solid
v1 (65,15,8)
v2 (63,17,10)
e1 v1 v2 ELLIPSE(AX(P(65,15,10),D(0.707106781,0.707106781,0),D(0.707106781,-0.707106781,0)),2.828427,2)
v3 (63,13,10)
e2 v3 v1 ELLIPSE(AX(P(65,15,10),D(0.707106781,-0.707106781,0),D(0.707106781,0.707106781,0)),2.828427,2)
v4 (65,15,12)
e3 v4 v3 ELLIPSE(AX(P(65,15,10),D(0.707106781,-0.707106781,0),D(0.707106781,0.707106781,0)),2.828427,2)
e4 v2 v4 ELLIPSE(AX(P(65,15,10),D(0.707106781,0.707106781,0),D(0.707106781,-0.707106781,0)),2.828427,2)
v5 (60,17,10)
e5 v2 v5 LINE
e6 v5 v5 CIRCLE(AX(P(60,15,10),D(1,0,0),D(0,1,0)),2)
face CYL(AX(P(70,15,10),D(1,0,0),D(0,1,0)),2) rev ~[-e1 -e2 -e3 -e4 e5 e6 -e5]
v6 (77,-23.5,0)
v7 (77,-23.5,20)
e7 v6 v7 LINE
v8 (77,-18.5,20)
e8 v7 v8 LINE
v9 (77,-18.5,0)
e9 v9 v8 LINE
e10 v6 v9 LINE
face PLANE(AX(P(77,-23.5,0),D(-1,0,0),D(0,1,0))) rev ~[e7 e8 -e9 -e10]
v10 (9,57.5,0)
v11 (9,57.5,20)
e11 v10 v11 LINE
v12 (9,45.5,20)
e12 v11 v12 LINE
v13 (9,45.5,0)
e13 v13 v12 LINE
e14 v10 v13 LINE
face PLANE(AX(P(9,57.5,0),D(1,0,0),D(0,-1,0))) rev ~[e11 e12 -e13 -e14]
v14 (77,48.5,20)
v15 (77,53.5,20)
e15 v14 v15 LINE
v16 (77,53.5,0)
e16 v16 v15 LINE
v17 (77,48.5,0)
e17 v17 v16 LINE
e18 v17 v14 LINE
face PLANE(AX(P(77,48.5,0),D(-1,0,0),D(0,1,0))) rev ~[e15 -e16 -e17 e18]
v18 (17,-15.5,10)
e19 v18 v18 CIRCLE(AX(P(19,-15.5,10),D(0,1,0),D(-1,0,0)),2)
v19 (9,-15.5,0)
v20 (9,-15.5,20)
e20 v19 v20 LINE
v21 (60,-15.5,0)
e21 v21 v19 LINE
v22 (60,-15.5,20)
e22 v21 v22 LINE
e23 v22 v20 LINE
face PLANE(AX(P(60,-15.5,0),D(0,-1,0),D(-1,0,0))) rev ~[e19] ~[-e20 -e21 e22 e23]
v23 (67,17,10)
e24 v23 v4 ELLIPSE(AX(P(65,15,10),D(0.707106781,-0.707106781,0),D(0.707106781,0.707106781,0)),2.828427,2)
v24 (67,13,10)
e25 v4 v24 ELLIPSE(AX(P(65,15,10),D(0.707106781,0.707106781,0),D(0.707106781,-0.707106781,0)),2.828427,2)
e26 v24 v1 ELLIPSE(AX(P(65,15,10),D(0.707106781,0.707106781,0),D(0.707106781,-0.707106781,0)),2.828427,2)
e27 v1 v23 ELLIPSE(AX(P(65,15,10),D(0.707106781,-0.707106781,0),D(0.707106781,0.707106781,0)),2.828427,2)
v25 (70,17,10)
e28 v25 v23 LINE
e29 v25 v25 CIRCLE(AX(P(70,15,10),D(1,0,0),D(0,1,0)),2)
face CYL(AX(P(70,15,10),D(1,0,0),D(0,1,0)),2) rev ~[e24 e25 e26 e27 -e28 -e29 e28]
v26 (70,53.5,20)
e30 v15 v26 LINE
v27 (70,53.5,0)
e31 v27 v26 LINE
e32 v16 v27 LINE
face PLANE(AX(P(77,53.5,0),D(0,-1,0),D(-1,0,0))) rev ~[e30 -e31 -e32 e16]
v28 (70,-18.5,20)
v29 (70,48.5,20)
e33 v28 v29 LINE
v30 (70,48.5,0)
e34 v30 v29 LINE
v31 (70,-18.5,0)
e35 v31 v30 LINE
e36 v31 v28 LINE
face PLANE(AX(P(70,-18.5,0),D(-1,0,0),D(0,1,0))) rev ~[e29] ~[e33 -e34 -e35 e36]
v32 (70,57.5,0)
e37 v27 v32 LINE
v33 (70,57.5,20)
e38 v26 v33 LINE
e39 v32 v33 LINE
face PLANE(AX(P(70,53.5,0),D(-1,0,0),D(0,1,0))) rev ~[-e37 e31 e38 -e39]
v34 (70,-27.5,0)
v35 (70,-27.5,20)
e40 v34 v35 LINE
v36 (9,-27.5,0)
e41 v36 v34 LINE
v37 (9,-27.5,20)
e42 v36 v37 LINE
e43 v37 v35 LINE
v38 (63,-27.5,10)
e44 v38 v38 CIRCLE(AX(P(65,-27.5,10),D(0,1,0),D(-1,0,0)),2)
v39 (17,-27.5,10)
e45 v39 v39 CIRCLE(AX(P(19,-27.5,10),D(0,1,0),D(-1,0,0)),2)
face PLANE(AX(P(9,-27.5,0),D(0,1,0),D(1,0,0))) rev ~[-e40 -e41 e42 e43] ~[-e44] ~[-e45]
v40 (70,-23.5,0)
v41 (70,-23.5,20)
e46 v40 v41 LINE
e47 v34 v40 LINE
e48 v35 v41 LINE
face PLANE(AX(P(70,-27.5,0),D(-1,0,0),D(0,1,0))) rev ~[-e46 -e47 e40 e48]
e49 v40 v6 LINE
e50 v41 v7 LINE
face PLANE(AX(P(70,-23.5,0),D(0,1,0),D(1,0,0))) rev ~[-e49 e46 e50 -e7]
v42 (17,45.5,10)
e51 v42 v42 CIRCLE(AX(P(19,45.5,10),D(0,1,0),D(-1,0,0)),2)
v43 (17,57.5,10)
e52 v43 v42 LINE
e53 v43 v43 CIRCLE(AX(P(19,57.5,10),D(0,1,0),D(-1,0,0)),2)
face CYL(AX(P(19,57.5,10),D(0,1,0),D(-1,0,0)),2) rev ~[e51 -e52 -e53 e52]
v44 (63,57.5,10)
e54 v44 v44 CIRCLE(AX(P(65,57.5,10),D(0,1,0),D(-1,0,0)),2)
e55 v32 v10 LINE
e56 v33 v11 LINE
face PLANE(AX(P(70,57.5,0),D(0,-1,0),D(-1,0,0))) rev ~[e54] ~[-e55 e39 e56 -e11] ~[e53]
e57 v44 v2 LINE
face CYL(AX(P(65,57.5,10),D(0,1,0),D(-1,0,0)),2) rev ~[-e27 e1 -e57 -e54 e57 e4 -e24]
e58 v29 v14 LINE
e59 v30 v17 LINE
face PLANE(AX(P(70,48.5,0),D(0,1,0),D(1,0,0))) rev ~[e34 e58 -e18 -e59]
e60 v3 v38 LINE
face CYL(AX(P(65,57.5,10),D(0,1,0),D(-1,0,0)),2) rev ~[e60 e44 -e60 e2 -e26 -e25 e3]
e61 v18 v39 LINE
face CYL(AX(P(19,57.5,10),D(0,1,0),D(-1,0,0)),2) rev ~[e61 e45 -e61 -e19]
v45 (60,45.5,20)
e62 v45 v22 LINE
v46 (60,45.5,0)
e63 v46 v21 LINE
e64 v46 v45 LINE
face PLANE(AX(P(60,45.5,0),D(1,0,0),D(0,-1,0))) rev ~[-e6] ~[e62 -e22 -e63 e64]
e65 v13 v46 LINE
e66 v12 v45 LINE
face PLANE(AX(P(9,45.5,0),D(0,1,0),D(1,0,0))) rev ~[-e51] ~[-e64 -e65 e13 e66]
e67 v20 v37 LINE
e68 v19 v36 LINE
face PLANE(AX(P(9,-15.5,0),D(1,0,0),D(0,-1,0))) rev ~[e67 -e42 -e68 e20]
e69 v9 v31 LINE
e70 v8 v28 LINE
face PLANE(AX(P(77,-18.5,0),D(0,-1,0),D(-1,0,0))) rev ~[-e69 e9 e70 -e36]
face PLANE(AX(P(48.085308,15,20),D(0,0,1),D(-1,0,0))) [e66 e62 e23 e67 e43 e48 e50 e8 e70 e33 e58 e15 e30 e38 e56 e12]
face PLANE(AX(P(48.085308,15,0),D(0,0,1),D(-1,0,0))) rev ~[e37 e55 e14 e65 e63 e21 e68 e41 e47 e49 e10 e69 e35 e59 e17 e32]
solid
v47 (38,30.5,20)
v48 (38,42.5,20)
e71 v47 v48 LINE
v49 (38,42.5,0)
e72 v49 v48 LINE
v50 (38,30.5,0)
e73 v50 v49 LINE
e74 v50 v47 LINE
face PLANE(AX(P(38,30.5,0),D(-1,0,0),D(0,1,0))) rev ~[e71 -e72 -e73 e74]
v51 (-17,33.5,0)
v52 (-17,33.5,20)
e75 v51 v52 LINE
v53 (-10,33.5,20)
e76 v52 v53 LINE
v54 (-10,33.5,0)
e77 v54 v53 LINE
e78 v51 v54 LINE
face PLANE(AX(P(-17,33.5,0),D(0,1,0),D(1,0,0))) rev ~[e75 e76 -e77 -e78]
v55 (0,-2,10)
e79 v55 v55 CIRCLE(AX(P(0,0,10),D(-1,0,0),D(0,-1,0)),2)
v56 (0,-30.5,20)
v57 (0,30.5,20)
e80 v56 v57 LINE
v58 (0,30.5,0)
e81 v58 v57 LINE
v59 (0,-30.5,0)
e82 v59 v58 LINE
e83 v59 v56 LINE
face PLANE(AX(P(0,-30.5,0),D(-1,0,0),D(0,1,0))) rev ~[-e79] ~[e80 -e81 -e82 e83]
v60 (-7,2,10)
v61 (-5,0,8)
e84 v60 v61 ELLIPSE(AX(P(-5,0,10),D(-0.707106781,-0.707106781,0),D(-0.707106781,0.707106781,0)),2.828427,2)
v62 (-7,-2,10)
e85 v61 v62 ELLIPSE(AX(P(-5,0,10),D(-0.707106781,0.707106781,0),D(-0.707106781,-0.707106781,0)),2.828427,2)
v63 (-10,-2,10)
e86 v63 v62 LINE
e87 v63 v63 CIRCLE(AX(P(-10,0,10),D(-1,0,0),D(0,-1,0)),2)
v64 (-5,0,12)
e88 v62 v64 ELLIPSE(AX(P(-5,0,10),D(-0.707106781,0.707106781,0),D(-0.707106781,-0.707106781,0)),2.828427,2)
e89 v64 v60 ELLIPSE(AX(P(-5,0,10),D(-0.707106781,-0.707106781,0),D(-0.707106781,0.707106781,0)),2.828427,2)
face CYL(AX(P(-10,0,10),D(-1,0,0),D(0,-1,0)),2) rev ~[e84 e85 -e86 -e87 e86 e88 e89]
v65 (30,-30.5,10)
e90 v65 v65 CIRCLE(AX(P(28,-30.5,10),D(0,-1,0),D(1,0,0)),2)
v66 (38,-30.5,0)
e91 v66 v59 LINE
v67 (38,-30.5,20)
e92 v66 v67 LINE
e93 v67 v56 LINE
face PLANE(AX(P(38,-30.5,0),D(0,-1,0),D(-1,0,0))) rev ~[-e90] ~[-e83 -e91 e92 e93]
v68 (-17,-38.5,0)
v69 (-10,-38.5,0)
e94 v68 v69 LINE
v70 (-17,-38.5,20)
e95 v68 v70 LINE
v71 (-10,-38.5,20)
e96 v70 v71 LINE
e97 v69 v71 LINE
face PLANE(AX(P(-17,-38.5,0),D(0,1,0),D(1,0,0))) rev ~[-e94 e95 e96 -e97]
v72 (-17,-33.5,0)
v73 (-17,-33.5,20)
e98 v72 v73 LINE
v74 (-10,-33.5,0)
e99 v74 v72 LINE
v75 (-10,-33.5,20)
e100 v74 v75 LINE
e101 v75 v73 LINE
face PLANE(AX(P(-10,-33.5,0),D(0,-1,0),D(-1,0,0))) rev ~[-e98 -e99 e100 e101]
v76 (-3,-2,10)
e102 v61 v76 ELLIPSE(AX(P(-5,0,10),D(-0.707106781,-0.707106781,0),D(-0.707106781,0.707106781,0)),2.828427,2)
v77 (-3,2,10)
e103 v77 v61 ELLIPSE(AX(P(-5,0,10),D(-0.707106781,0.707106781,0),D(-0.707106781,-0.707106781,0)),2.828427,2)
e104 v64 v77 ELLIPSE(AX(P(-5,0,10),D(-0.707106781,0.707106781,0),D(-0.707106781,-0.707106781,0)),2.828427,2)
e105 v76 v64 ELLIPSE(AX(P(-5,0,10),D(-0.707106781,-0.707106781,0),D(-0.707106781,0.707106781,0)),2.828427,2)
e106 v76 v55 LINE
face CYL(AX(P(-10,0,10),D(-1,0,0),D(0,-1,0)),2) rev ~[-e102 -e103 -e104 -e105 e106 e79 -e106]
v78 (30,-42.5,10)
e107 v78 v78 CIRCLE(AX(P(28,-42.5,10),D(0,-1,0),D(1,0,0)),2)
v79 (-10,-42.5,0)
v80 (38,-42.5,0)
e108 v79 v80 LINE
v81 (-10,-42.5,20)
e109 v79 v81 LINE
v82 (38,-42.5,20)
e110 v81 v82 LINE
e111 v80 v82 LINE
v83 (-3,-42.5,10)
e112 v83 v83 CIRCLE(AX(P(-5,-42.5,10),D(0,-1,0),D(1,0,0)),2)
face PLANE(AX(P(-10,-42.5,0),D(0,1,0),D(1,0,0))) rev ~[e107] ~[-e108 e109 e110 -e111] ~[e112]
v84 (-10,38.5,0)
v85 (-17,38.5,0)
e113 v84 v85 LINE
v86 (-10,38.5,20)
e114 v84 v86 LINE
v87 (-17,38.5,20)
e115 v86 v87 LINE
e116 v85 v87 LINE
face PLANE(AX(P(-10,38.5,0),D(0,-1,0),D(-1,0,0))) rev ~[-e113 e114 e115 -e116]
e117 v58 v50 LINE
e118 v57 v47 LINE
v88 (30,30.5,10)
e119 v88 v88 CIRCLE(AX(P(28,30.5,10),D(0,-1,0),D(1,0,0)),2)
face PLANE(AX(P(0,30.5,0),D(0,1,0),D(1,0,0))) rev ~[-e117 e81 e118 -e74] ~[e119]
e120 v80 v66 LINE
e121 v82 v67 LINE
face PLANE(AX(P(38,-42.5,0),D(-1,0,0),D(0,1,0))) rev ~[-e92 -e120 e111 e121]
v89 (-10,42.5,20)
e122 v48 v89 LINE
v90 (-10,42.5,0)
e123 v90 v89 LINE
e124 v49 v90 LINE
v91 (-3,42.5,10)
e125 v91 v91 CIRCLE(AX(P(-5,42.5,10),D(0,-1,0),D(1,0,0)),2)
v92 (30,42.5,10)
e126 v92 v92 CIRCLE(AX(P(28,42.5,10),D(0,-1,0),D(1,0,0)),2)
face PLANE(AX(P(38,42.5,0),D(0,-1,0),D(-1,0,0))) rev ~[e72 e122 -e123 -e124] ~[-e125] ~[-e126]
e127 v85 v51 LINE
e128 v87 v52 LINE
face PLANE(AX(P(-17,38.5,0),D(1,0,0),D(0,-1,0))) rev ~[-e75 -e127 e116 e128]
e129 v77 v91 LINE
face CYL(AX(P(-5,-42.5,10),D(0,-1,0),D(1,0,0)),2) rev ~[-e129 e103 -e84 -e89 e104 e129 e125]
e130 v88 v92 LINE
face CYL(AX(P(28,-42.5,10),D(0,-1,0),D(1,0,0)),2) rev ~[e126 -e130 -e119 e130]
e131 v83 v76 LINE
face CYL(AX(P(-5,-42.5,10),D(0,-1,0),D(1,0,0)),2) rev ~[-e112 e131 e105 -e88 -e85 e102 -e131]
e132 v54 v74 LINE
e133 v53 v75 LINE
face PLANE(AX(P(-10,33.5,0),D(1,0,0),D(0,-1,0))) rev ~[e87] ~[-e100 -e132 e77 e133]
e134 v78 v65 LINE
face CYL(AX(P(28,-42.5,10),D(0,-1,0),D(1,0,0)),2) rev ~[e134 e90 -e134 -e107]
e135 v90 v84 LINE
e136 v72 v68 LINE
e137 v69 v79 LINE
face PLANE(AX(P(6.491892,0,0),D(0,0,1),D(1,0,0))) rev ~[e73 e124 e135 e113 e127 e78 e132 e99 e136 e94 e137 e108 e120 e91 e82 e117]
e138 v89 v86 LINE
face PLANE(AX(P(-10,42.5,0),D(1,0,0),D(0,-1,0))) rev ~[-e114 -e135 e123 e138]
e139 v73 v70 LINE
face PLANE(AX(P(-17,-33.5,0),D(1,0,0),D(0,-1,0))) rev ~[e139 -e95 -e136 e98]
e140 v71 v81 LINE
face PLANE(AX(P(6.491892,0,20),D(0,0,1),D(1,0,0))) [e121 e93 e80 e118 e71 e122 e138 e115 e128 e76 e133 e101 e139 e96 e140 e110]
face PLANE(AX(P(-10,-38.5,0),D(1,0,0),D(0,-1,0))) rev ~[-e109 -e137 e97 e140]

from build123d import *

# Parameters (mm, degrees)
PAD_DEPTH       = 20
SKETCH004_R     = 2
POCKET002_DEPTH = 48.001
SKETCH005_R     = 2
POCKET003_DEPTH = 85.001
PAD001_DEPTH    = 20
SKETCH007_R     = 2
POCKET004_DEPTH = 61.001
SKETCH008_R     = 2
POCKET005_DEPTH = 85.001


with BuildPart() as soporte_agujero_superior_lateral:
    # Sketch → Pad (new body)
    with BuildSketch(Plane.XY):
        Polygon((-10, -42.5), (38, -42.5), (38, -30.5), (0, -30.5), (0, 30.5), (38, 30.5), (38, 42.5), (-10, 42.5), (-10, 38.5), (-17, 38.5), (-17, 33.5), (-10, 33.5), (-10, -33.5), (-17, -33.5), (-17, -38.5), (-10, -38.5), align=None)
    extrude(amount=PAD_DEPTH)

    # Sketch004 → Pocket002 (cut, through all)
    with BuildSketch(Plane(origin=(-10, 0, 0), x_dir=(0, -1, 0), z_dir=(-1, 0, 0))):
        with Locations((0, 10)):
            Circle(SKETCH004_R)
    extrude(amount=-POCKET002_DEPTH, mode=Mode.SUBTRACT)

    # Sketch005 → Pocket003 (cut, through all)
    with BuildSketch(Plane.XZ.offset(42.5)):
        with Locations((-5, 10)):
            Circle(SKETCH005_R)
        with Locations((28, 10)):
            Circle(SKETCH005_R)
    extrude(amount=-POCKET003_DEPTH, mode=Mode.SUBTRACT)


with BuildPart() as soporte_agujero_superior_lateral001:
    # Sketch006 → Pad001 (new body)
    with BuildSketch(Plane(origin=(60, 15, 0), x_dir=(-1, 0, 0), z_dir=(0, 0, 1))):
        Polygon((-10, -42.5), (51, -42.5), (51, -30.5), (0, -30.5), (0, 30.5), (51, 30.5), (51, 42.5), (-10, 42.5), (-10, 38.5), (-17, 38.5), (-17, 33.5), (-10, 33.5), (-10, -33.5), (-17, -33.5), (-17, -38.5), (-10, -38.5), align=None)
    extrude(amount=PAD001_DEPTH)

    # Sketch007 → Pocket004 (cut, through all)
    with BuildSketch(Plane(origin=(70, 15, 0), x_dir=(0, 1, 0), z_dir=(1, 0, 0))):
        with Locations((0, 10)):
            Circle(SKETCH007_R)
    extrude(amount=-POCKET004_DEPTH, mode=Mode.SUBTRACT)

    # Sketch008 → Pocket005 (cut, through all)
    with BuildSketch(Plane(origin=(60, 57.5, 0), x_dir=(-1, 0, 0), z_dir=(0, 1, 0))):
        with Locations((-5, 10)):
            Circle(SKETCH008_R)
        with Locations((41, 10)):
            Circle(SKETCH008_R)
    extrude(amount=-POCKET005_DEPTH, mode=Mode.SUBTRACT)


solid = Compound([soporte_agujero_superior_lateral.part, soporte_agujero_superior_lateral001.part])
